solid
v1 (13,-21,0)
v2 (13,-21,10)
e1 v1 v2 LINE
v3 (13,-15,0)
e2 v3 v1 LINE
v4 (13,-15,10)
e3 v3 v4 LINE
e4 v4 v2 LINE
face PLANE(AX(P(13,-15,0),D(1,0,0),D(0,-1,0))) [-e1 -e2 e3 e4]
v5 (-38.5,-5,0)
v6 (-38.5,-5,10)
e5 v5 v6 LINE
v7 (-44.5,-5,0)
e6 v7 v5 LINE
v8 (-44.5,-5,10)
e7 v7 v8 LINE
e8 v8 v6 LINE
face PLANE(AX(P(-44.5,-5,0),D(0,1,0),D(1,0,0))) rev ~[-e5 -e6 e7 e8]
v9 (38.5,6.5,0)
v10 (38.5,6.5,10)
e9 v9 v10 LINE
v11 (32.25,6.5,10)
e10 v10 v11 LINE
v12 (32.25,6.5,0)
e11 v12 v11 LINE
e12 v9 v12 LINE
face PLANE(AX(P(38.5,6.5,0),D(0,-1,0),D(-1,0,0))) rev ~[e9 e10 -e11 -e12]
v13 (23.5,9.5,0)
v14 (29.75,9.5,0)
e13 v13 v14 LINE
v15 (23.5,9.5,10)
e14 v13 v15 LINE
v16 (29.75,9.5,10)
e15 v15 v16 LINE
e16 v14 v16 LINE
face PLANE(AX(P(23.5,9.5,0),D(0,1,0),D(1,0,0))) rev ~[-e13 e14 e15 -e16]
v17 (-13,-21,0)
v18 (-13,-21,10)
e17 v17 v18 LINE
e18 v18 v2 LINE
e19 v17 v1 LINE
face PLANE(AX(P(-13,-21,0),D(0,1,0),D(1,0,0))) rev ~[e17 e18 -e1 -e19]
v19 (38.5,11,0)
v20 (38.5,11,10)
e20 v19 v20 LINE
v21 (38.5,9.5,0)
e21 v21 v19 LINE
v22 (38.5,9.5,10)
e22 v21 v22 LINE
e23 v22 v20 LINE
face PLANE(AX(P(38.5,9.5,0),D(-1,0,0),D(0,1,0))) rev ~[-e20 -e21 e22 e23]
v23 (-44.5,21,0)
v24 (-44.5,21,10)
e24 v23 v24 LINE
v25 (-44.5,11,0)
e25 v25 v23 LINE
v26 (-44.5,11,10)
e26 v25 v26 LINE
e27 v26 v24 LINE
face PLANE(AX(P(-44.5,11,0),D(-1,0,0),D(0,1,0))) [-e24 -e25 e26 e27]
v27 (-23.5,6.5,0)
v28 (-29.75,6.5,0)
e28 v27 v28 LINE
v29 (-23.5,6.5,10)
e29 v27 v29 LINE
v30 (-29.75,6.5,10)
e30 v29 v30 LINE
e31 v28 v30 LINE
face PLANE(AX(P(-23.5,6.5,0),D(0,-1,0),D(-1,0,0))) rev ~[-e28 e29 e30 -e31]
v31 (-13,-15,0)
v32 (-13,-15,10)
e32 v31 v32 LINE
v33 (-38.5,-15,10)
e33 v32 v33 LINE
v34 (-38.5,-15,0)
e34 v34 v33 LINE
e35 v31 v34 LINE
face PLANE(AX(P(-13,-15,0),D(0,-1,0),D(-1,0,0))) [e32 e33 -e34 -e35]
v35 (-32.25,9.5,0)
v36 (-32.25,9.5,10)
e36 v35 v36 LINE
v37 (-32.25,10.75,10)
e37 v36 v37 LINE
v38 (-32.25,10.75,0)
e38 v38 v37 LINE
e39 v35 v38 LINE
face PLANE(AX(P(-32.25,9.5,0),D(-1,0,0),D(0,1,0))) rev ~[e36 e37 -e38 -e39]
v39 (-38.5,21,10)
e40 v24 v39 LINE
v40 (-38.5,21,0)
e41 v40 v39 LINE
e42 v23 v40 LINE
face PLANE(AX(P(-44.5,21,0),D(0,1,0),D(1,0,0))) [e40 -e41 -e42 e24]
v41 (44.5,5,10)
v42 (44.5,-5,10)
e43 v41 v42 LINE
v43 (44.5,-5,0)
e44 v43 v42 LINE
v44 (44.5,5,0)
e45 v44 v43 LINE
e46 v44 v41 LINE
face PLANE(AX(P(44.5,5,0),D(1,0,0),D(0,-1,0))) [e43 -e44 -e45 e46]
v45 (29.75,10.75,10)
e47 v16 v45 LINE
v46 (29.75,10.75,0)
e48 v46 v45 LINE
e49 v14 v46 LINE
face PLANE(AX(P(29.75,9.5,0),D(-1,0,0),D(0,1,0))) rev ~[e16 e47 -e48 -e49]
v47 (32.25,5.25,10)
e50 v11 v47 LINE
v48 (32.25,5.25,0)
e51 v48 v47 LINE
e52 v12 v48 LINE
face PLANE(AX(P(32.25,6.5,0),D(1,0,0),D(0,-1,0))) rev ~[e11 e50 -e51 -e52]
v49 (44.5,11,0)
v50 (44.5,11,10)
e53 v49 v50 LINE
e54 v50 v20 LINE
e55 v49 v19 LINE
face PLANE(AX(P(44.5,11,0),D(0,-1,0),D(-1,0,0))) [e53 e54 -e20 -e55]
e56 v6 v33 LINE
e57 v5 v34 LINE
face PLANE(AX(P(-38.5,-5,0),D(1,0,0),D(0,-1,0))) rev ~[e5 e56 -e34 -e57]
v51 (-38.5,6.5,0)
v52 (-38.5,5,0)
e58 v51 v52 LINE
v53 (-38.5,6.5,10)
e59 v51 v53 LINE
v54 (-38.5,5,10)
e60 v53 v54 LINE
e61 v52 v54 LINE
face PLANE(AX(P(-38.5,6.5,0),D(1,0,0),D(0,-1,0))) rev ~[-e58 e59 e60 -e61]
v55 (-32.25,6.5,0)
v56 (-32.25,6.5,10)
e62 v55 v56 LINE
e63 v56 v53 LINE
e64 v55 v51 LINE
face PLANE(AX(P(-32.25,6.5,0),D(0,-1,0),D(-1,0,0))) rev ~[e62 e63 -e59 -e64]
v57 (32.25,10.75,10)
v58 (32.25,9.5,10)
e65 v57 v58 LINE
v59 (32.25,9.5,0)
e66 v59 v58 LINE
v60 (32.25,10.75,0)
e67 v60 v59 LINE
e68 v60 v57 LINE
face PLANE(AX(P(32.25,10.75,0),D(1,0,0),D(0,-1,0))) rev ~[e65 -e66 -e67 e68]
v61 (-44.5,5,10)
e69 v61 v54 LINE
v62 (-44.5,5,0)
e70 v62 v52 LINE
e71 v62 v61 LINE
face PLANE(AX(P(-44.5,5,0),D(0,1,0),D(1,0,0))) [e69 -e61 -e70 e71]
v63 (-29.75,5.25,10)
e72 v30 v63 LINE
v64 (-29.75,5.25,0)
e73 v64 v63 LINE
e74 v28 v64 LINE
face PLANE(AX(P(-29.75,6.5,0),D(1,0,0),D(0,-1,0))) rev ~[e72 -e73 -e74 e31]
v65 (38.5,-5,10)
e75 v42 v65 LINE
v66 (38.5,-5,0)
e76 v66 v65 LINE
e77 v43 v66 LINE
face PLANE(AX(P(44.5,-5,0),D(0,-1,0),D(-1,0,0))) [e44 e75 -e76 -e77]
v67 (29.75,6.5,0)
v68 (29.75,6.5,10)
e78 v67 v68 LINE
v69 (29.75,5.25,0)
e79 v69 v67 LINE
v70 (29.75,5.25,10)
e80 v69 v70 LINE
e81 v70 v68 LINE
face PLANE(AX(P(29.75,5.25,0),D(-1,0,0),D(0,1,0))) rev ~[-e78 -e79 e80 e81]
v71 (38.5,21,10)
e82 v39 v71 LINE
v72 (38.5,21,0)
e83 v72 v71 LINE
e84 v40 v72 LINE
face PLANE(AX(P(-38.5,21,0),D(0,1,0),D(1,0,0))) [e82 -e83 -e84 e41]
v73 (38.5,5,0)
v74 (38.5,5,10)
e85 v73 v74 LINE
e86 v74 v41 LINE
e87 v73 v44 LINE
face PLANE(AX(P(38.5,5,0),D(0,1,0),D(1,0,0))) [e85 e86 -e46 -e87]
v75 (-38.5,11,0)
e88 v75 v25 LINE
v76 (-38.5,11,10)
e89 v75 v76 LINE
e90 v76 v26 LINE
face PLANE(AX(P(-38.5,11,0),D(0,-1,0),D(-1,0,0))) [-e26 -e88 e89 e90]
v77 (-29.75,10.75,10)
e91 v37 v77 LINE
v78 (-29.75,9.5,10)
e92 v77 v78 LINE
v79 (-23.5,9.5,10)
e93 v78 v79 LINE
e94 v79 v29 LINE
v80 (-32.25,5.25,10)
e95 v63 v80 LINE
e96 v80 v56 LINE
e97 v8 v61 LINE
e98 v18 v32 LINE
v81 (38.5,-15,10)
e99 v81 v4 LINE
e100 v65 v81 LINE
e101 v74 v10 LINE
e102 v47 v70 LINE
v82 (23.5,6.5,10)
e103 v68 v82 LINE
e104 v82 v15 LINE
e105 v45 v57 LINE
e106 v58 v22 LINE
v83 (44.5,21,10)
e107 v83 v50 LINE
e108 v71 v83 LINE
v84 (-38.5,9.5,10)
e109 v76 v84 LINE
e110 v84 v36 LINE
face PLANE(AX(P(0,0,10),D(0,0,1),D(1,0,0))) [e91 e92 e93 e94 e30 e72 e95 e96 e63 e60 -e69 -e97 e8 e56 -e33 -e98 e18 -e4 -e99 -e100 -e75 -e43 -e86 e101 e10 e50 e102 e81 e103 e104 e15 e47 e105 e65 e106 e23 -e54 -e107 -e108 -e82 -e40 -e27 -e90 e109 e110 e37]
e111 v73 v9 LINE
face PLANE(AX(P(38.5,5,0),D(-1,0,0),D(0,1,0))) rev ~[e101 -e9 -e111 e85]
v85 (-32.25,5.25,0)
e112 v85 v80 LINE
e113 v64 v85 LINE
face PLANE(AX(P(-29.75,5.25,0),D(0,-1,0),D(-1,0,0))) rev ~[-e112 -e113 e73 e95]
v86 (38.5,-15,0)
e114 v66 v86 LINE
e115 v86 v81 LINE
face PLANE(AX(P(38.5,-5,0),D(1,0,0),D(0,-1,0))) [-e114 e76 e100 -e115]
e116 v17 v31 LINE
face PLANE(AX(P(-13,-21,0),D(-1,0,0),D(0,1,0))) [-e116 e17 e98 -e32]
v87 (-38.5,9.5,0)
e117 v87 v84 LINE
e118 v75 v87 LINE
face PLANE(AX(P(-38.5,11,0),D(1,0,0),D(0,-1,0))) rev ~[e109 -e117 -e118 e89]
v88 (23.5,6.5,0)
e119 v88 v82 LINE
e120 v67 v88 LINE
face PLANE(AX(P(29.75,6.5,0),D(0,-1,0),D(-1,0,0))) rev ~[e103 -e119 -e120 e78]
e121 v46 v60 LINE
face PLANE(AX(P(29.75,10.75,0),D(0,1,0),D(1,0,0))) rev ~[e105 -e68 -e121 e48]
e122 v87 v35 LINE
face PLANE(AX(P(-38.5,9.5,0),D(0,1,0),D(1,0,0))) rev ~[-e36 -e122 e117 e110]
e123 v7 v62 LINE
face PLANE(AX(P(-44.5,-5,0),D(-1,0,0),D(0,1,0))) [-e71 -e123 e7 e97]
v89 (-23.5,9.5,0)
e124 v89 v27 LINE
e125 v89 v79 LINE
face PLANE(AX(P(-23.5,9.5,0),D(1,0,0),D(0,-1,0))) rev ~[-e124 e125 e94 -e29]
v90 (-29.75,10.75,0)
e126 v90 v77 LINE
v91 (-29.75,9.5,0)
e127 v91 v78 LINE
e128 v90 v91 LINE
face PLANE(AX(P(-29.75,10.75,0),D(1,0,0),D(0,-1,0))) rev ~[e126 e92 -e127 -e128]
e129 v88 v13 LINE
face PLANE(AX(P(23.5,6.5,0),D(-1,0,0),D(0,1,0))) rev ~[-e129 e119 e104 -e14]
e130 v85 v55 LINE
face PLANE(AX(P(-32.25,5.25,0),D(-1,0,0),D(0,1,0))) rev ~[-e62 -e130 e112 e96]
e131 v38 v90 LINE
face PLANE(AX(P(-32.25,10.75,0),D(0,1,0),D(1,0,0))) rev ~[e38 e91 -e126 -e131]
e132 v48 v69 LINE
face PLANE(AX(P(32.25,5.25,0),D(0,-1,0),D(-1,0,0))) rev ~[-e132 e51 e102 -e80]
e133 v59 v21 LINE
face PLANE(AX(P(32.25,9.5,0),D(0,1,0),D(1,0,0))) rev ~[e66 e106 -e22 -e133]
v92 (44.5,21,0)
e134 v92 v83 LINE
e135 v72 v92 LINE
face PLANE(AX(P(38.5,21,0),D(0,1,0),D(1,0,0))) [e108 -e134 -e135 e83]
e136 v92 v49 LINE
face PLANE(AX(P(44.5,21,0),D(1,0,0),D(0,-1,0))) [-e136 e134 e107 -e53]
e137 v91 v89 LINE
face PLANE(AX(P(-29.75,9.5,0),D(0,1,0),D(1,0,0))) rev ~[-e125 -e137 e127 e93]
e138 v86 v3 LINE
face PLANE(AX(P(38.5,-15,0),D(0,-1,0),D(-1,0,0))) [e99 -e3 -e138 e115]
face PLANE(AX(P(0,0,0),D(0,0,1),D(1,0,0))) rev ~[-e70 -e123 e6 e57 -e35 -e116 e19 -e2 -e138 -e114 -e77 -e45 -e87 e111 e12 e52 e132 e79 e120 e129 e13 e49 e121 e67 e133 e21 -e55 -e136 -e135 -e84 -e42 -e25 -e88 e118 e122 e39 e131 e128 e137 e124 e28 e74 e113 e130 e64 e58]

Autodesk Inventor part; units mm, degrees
ref_plane "YZ Plane" through (0, 0, 0) normal (1, 0, 0) x (0, 1, 0)
ref_plane "XZ Plane" through (0, 0, 0) normal (0, 1, 0) x (-1, 0, 0)
ref_plane "XY Plane" through (0, 0, 0) normal (0, 0, 1) x (1, 0, 0)
sketch "0" plane through (0, 0, 0) normal (0, 0, 1) x (1, 0, 0)
  line L0 (-44.5, -5) -> (-44.5, 5)
  line L1 (-44.5, 5) -> (-38.5, 5)
  line L2 (-38.5, 11) -> (-38.5, 9.5)
  line L3 (-38.5, 9.5) -> (-32.25, 9.5)
  line L4 (-23.5, 9.5) -> (-23.5, 6.5)
  line L5 (-23.5, 6.5) -> (-29.75, 6.5)
  line L6 (-32.25, 5.25) -> (-32.25, 6.5)
  line L7 (-32.25, 10.75) -> (-29.75, 10.75)
  line L8 (-29.75, 10.75) -> (-29.75, 9.5)
  line L9 (-29.75, 5.25) -> (-32.25, 5.25)
  line L10 (-32.25, 6.5) -> (-38.5, 6.5)
  line L11 (-29.75, 6.5) -> (-29.75, 5.25)
  line L12 (-32.25, 9.5) -> (-32.25, 10.75)
  line L13 (-38.5, 6.5) -> (-38.5, 5)
  line L14 (-44.5, 11) -> (-44.5, 21)
  line L15 (-38.5, 11) -> (-44.5, 11)
  line L16 (-44.5, 21) -> (-38.5, 21)
  line L17 (-29.75, 9.5) -> (-23.5, 9.5)
  line L18 (38.5, 21) -> (44.5, 21)
  line L19 (44.5, 21) -> (44.5, 11)
  line L20 (44.5, 11) -> (38.5, 11)
  line L21 (38.5, 5) -> (38.5, 6.5)
  line L22 (38.5, 6.5) -> (32.25, 6.5)
  line L23 (23.5, 6.5) -> (23.5, 9.5)
  line L24 (23.5, 9.5) -> (29.75, 9.5)
  line L25 (32.25, 10.75) -> (32.25, 9.5)
  line L26 (32.25, 5.25) -> (29.75, 5.25)
  line L27 (29.75, 5.25) -> (29.75, 6.5)
  line L28 (29.75, 10.75) -> (32.25, 10.75)
  line L29 (32.25, 9.5) -> (38.5, 9.5)
  line L30 (29.75, 9.5) -> (29.75, 10.75)
  line L31 (32.25, 6.5) -> (32.25, 5.25)
  line L32 (38.5, 9.5) -> (38.5, 11)
  line L33 (44.5, 5) -> (44.5, -5)
  line L34 (38.5, 5) -> (44.5, 5)
  line L35 (29.75, 6.5) -> (23.5, 6.5)
  line L36 (-38.5, 21) -> (38.5, 21)
  line L37 (38.5, -15) -> (13, -15)
  line L38 (13, -15) -> (13, -21)
  line L39 (-13, -21) -> (-13, -15)
  line L40 (-13, -15) -> (-38.5, -15)
  line L41 (-13, -21) -> (13, -21)
  line L42 (-44.5, -5) -> (-38.5, -5)
  line L43 (-38.5, -5) -> (-38.5, -15)
  line L44 (44.5, -5) -> (38.5, -5)
  line L45 (38.5, -5) -> (38.5, -15)
sketch "Эскиз3" plane through (0, 0, 0) normal (0, 0, 1) x (1, 0, 0)
  line L0 (-44.5, 21) -> (-38.5, 21) projected
  line L1 (-38.5, 21) -> (38.5, 21) projected
  line L2 (38.5, 21) -> (44.5, 21) projected
  line L3 (44.5, 21) -> (44.5, 11) projected
  line L4 (44.5, 11) -> (38.5, 11) projected
  line L5 (38.5, 5) -> (44.5, 5) projected
  line L6 (38.5, 5) -> (38.5, 6.5) projected
  line L7 (38.5, 9.5) -> (38.5, 11) projected
  line L8 (32.25, 9.5) -> (38.5, 9.5) projected
  line L9 (38.5, 6.5) -> (32.25, 6.5) projected
  line L10 (32.25, 6.5) -> (32.25, 5.25) projected
  line L11 (32.25, 5.25) -> (29.75, 5.25) projected
  line L12 (29.75, 5.25) -> (29.75, 6.5) projected
  line L13 (29.75, 10.75) -> (32.25, 10.75) projected
  line L14 (32.25, 10.75) -> (32.25, 9.5) projected
  line L15 (29.75, 9.5) -> (29.75, 10.75) projected
  line L16 (29.75, 6.5) -> (23.5, 6.5) projected
  line L17 (23.5, 9.5) -> (29.75, 9.5) projected
  line L18 (23.5, 6.5) -> (23.5, 9.5) projected
  line L19 (44.5, 5) -> (44.5, -5) projected
  line L20 (44.5, -5) -> (38.5, -5) projected
  line L21 (38.5, -5) -> (38.5, -15) projected
  line L22 (13, -15) -> (13, -21) projected
  line L23 (38.5, -15) -> (13, -15) projected
  line L24 (-13, -21) -> (13, -21) projected
  line L25 (-13, -21) -> (-13, -15) projected
  line L26 (-13, -15) -> (-38.5, -15) projected
  line L27 (-38.5, -5) -> (-38.5, -15) projected
  line L28 (-44.5, -5) -> (-38.5, -5) projected
  line L29 (-44.5, -5) -> (-44.5, 5) projected
  line L30 (-44.5, 5) -> (-38.5, 5) projected
  line L31 (-38.5, 6.5) -> (-38.5, 5) projected
  line L32 (-32.25, 6.5) -> (-38.5, 6.5) projected
  line L33 (-32.25, 5.25) -> (-32.25, 6.5) projected
  line L34 (-29.75, 5.25) -> (-32.25, 5.25) projected
  line L35 (-29.75, 6.5) -> (-29.75, 5.25) projected
  line L36 (-23.5, 6.5) -> (-29.75, 6.5) projected
  line L37 (-23.5, 9.5) -> (-23.5, 6.5) projected
  line L38 (-29.75, 9.5) -> (-23.5, 9.5) projected
  line L39 (-29.75, 10.75) -> (-29.75, 9.5) projected
  line L40 (-32.25, 10.75) -> (-29.75, 10.75) projected
  line L41 (-32.25, 9.5) -> (-32.25, 10.75) projected
  line L42 (-38.5, 9.5) -> (-32.25, 9.5) projected
  line L43 (-38.5, 11) -> (-38.5, 9.5) projected
  line L44 (-38.5, 11) -> (-44.5, 11) projected
  line L45 (-44.5, 11) -> (-44.5, 21) projected
  line L46 (-44.5, 21) -> (44.5, 21)
  line L47 (44.5, 21) -> (44.5, 11)
  line L48 (-44.5, 11) -> (-44.5, 21)
  line L49 (23.5, 6.5) -> (23.5, 9.5)
  line L50 (29.75, 10.75) -> (32.25, 10.75)
  line L51 (32.25, 5.25) -> (29.75, 5.25)
  line L52 (44.5, 5) -> (38.5, 5)
  line L53 (44.5, 5) -> (38.5, 5)
  line L54 (38.5, -5) -> (44.5, -5)
  line L55 (44.5, -5) -> (44.5, 5)
  line L56 (13, -15) -> (38.5, -15)
  line L57 (38.5, -15) -> (38.5, -5)
  line L58 (13, -21) -> (-13, -21)
  line L59 (-13, -21) -> (-13, -15)
  line L60 (13, -15) -> (13, -21)
  line L61 (-13, -15) -> (-38.5, -15)
  line L62 (-38.5, -15) -> (-38.5, -5)
  line L63 (-44.5, 5) -> (-38.5, 5)
  line L64 (-38.5, -5) -> (-44.5, -5)
  line L65 (-44.5, -5) -> (-44.5, 5)
  line L66 (-44.5, 5) -> (-38.5, 5)
  line L67 (-23.5, 9.5) -> (-23.5, 6.5)
  line L68 (-32.25, 10.75) -> (-29.75, 10.75)
  line L69 (-29.75, 5.25) -> (-32.25, 5.25)
  line L70 (-32.25, 5.25) -> (-32.25, 6.5)
  line L71 (-32.25, 9.5) -> (-32.25, 10.75)
  line L72 (-29.75, 10.75) -> (-29.75, 9.5)
  line L73 (-29.75, 6.5) -> (-29.75, 5.25)
  line L74 (-38.5, 9.5) -> (-32.25, 9.5)
  line L75 (-29.75, 9.5) -> (-23.5, 9.5)
  line L76 (-23.5, 6.5) -> (-29.75, 6.5)
  line L77 (-32.25, 6.5) -> (-38.5, 6.5)
  line L78 (29.75, 5.25) -> (29.75, 6.5)
  line L79 (29.75, 9.5) -> (29.75, 10.75)
  line L80 (32.25, 10.75) -> (32.25, 9.5)
  line L81 (32.25, 6.5) -> (32.25, 5.25)
  line L82 (23.5, 9.5) -> (29.75, 9.5)
  line L83 (32.25, 9.5) -> (38.5, 9.5)
  line L84 (38.5, 6.5) -> (32.25, 6.5)
  line L85 (29.75, 6.5) -> (23.5, 6.5)
  line L86 (38.5, 5) -> (38.5, 6.5)
  line L87 (38.5, 9.5) -> (38.5, 11)
  line L88 (-38.5, 5) -> (-38.5, 6.5)
  line L89 (-38.5, 9.5) -> (-38.5, 11)
  line L90 (44.5, 11) -> (38.5, 11)
  line L91 (-38.5, 11) -> (-44.5, 11)
  line L92 (-44.5, 11) -> (-44.5, 10.75)
  line L93 (-44.5, 5.25) -> (-44.5, 5)
  line L94 (44.5, 11) -> (44.5, 10.75)
  line L95 (44.5, 5.25) -> (44.5, 5)
  point P0 (0, 0)
extrude "Выдавливание2" add sketch "0" along normal blind 10
properties part number "Крепление_мотора3_платформа"
